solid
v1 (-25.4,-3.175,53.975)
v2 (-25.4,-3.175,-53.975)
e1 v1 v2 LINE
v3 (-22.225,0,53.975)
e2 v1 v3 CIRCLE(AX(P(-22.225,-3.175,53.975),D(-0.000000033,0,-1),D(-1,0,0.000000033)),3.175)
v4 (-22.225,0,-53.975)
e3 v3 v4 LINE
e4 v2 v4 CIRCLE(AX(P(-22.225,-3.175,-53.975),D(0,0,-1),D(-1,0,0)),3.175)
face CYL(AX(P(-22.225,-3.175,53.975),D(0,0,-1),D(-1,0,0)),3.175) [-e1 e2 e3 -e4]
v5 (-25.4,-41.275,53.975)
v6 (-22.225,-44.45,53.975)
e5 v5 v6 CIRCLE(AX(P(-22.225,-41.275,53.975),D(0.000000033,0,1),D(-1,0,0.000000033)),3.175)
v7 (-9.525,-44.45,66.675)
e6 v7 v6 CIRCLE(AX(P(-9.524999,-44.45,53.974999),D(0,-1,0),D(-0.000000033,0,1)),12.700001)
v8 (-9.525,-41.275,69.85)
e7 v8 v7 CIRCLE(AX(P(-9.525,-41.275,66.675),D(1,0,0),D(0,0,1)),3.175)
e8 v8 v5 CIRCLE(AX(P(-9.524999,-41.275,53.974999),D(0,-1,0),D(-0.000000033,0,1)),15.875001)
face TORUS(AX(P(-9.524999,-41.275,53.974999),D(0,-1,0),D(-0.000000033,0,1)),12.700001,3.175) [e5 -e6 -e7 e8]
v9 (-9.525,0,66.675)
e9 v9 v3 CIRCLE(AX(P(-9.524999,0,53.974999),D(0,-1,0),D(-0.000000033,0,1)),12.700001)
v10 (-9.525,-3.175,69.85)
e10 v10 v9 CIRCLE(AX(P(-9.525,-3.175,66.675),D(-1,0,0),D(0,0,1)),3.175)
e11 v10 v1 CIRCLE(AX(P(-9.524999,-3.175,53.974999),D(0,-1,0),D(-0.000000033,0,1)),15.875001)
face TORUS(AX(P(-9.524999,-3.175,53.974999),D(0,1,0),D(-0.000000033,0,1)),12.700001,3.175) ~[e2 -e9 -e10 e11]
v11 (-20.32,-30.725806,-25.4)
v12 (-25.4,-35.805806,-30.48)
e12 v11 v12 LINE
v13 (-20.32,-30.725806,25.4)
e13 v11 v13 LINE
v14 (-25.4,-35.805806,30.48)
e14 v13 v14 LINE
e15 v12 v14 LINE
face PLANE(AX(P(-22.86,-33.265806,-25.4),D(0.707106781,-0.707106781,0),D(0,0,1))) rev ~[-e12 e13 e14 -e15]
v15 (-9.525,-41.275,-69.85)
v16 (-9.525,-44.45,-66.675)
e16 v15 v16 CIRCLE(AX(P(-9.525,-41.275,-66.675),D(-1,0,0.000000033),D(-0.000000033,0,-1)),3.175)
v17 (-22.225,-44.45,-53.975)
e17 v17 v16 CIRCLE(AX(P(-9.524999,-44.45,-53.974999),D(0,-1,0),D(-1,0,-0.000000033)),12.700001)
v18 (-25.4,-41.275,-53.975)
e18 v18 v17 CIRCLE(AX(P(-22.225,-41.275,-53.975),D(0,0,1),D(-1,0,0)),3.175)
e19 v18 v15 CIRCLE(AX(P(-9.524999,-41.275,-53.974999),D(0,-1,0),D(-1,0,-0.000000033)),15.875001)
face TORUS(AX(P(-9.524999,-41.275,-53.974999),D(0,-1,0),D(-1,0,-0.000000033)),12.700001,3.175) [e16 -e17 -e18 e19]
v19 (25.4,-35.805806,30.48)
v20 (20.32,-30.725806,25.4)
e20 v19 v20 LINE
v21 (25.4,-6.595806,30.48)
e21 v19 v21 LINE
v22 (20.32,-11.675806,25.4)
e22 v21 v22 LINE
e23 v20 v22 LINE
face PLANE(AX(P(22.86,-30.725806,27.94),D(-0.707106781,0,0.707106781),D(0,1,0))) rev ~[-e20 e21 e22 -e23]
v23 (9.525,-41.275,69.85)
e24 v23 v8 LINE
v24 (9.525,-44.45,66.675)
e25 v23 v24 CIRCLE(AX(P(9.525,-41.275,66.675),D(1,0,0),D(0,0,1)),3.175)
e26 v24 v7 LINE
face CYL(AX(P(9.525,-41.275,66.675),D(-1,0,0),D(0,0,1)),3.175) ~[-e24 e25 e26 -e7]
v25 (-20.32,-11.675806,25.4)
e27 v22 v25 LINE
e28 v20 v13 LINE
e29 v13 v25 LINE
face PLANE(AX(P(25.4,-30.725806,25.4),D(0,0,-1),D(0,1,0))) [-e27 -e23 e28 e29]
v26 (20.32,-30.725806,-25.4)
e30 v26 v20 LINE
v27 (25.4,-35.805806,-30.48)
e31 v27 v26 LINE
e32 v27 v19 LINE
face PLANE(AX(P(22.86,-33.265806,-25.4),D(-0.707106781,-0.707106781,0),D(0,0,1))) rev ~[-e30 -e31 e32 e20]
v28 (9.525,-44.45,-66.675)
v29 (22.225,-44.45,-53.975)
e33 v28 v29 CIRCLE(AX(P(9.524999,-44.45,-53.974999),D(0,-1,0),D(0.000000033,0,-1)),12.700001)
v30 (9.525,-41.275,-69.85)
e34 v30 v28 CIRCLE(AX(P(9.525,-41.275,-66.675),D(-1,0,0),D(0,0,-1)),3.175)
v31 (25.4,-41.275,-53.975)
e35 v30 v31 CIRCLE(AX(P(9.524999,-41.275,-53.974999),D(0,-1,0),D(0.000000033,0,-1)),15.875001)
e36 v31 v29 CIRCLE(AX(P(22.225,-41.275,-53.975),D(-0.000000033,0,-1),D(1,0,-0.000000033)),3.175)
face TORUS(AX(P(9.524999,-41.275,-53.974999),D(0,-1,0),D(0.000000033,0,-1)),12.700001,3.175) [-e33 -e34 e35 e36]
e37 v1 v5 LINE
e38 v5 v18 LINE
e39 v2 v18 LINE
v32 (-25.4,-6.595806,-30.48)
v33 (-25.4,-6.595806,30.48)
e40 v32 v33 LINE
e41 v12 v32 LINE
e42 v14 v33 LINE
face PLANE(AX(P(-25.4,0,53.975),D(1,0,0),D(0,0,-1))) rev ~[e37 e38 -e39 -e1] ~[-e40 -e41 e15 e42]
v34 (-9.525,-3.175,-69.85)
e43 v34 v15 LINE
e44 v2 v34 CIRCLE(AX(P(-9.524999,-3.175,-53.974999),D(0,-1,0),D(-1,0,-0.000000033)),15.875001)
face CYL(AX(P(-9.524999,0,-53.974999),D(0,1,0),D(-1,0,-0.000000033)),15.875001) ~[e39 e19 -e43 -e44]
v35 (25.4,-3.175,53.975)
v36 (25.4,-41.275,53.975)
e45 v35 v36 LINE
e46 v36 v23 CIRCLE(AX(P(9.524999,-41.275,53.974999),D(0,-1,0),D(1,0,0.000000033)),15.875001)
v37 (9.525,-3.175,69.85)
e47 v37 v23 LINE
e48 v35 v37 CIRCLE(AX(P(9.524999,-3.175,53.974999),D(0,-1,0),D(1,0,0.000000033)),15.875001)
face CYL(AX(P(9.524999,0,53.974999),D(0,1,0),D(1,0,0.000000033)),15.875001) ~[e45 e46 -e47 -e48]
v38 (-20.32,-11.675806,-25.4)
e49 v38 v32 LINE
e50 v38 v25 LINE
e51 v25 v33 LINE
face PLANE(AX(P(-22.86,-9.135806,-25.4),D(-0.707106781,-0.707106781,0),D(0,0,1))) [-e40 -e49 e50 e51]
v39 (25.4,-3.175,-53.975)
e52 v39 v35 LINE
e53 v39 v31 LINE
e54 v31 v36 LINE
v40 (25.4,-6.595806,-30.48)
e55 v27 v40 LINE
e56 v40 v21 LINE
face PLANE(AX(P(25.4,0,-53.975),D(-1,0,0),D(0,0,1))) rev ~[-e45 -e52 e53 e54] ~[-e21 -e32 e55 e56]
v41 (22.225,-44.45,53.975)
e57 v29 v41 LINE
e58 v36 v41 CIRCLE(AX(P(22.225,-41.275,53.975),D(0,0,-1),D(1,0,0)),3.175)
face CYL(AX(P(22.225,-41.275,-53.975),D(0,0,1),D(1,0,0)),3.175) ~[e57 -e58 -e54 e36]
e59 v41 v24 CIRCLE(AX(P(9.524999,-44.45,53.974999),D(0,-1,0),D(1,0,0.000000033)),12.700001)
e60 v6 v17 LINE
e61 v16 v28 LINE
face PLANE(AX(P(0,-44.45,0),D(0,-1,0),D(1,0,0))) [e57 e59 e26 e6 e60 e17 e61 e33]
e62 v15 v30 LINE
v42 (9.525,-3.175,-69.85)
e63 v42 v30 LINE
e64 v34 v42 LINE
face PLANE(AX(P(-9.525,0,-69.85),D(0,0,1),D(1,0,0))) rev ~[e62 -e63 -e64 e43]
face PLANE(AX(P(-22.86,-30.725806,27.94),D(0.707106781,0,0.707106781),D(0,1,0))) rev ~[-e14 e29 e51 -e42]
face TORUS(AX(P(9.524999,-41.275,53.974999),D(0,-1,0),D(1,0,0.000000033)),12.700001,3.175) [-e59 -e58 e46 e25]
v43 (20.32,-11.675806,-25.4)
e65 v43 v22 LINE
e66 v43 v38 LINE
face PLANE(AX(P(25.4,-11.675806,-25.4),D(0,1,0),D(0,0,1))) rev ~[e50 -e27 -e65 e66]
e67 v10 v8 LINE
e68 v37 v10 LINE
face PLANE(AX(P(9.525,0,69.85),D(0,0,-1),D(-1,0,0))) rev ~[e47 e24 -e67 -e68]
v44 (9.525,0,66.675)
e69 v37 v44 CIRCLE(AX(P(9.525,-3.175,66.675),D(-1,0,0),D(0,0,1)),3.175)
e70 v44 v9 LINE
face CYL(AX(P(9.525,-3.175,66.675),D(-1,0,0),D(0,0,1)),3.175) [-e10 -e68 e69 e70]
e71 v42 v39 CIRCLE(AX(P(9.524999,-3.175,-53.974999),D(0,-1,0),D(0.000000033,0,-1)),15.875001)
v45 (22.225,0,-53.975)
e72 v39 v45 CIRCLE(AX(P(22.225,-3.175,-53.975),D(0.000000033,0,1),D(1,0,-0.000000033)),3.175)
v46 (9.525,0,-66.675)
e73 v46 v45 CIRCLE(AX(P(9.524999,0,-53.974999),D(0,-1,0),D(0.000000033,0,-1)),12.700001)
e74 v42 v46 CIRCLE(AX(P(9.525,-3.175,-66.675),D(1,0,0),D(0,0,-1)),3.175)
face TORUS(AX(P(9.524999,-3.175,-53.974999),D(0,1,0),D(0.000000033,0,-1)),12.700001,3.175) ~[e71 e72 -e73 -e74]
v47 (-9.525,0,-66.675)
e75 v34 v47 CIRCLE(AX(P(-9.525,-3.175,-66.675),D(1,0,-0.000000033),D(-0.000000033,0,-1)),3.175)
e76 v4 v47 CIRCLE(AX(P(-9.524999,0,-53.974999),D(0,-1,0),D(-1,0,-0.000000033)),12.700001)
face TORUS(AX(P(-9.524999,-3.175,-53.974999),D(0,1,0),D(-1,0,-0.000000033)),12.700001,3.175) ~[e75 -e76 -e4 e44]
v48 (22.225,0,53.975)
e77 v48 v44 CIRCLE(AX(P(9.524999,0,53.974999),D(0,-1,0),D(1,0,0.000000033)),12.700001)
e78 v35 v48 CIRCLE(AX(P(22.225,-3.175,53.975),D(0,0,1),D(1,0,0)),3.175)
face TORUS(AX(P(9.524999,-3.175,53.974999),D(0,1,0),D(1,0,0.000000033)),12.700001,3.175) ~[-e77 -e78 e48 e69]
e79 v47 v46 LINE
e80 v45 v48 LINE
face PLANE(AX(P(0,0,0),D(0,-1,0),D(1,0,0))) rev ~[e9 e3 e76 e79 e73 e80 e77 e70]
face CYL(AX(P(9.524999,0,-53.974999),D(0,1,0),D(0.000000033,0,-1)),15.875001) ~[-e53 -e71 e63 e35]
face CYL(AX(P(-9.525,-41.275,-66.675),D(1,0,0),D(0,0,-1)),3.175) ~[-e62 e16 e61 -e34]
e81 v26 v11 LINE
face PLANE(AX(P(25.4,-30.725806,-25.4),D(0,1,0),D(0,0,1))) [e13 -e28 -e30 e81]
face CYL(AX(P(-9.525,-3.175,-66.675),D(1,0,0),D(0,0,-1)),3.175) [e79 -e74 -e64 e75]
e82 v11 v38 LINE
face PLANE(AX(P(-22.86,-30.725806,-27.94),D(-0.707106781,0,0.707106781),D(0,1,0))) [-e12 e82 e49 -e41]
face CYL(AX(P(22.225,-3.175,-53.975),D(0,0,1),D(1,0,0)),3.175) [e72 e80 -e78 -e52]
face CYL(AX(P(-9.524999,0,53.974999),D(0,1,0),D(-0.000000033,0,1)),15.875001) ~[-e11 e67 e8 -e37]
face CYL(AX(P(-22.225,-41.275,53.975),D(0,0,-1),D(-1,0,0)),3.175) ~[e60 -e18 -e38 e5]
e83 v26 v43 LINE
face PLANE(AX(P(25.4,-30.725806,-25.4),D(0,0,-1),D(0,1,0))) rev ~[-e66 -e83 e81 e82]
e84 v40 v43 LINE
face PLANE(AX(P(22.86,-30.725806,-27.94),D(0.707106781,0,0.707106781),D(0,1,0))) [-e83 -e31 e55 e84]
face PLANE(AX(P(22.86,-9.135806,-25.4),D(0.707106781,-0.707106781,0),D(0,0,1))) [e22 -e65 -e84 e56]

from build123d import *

# Parameters (mm, degrees)
F1_DEPTH = 44.45
F2_R     = 3.175
F3_W     = 19.05
F3_H     = 50.8
F4_DEPTH = 127
F5_SIZE  = 5.08


with BuildPart() as f1:
    # F0 (on Front) → F1 (new body)
    with BuildSketch(Plane.XZ):
        with BuildLine():
            ThreePointArc((25.4, 53.975), (20.75032, 65.20032), (9.525, 69.85))
            Line((9.525, 69.85), (-9.525, 69.85))
            ThreePointArc((-9.525, 69.85), (-20.75032, 65.20032), (-25.4, 53.975))
            Line((-25.4, 53.975), (-25.4, -53.975))
            ThreePointArc((-25.4, -53.975), (-20.75032, -65.20032), (-9.525, -69.85))
            Line((-9.525, -69.85), (9.525, -69.85))
            ThreePointArc((9.525, -69.85), (20.75032, -65.20032), (25.4, -53.975))
            Line((25.4, -53.975), (25.4, 53.975))
        make_face()
    extrude(amount=F1_DEPTH)

    # F2
    f2_edges = [f1.edges().sort_by_distance(p)[0] for p in [
        (9.525, -22.225, 69.85),
        (-9.525, -22.225, 69.85),
        (0, 0, 69.85),
        (0, -44.45, 69.85),
        (-9.525, -22.225, -69.85),
        (9.525, -22.225, -69.85),
        (0, 0, -69.85),
        (0, -44.45, -69.85),
        (25.4, -22.225, -53.975),
        (20.75032, 0, -65.20032),
        (20.75032, -44.45, -65.20032),
        (-20.75032, 0, -65.20032),
        (-25.4, -22.225, -53.975),
        (-20.75032, -44.45, -65.20032),
        (-25.4, -22.225, 53.975),
        (-20.75032, 0, 65.20032),
        (-20.75032, -44.45, 65.20032),
        (25.4, -22.225, 53.975),
        (20.75032, 0, 65.20032),
        (20.75032, -44.45, 65.20032),
    ]]
    fillet(f2_edges, radius=F2_R)

    # F3 (on face) → F4 (cut)
    with BuildSketch(Plane.YZ.offset(25.4)):
        with Locations((-21.200806, 0)):
            Rectangle(F3_W, F3_H)
    extrude(amount=-F4_DEPTH, mode=Mode.SUBTRACT)

    # F5
    f5_edges = [f1.edges().sort_by_distance(p)[0] for p in [
        (25.4, -11.675806, 0),
        (25.4, -21.200806, 25.4),
        (25.4, -30.725806, 0),
        (25.4, -21.200806, -25.4),
        (-25.4, -21.200806, -25.4),
        (-25.4, -11.675806, 0),
        (-25.4, -21.200806, 25.4),
        (-25.4, -30.725806, 0),
    ]]
    chamfer(f5_edges, length=F5_SIZE)


solid = f1.part
